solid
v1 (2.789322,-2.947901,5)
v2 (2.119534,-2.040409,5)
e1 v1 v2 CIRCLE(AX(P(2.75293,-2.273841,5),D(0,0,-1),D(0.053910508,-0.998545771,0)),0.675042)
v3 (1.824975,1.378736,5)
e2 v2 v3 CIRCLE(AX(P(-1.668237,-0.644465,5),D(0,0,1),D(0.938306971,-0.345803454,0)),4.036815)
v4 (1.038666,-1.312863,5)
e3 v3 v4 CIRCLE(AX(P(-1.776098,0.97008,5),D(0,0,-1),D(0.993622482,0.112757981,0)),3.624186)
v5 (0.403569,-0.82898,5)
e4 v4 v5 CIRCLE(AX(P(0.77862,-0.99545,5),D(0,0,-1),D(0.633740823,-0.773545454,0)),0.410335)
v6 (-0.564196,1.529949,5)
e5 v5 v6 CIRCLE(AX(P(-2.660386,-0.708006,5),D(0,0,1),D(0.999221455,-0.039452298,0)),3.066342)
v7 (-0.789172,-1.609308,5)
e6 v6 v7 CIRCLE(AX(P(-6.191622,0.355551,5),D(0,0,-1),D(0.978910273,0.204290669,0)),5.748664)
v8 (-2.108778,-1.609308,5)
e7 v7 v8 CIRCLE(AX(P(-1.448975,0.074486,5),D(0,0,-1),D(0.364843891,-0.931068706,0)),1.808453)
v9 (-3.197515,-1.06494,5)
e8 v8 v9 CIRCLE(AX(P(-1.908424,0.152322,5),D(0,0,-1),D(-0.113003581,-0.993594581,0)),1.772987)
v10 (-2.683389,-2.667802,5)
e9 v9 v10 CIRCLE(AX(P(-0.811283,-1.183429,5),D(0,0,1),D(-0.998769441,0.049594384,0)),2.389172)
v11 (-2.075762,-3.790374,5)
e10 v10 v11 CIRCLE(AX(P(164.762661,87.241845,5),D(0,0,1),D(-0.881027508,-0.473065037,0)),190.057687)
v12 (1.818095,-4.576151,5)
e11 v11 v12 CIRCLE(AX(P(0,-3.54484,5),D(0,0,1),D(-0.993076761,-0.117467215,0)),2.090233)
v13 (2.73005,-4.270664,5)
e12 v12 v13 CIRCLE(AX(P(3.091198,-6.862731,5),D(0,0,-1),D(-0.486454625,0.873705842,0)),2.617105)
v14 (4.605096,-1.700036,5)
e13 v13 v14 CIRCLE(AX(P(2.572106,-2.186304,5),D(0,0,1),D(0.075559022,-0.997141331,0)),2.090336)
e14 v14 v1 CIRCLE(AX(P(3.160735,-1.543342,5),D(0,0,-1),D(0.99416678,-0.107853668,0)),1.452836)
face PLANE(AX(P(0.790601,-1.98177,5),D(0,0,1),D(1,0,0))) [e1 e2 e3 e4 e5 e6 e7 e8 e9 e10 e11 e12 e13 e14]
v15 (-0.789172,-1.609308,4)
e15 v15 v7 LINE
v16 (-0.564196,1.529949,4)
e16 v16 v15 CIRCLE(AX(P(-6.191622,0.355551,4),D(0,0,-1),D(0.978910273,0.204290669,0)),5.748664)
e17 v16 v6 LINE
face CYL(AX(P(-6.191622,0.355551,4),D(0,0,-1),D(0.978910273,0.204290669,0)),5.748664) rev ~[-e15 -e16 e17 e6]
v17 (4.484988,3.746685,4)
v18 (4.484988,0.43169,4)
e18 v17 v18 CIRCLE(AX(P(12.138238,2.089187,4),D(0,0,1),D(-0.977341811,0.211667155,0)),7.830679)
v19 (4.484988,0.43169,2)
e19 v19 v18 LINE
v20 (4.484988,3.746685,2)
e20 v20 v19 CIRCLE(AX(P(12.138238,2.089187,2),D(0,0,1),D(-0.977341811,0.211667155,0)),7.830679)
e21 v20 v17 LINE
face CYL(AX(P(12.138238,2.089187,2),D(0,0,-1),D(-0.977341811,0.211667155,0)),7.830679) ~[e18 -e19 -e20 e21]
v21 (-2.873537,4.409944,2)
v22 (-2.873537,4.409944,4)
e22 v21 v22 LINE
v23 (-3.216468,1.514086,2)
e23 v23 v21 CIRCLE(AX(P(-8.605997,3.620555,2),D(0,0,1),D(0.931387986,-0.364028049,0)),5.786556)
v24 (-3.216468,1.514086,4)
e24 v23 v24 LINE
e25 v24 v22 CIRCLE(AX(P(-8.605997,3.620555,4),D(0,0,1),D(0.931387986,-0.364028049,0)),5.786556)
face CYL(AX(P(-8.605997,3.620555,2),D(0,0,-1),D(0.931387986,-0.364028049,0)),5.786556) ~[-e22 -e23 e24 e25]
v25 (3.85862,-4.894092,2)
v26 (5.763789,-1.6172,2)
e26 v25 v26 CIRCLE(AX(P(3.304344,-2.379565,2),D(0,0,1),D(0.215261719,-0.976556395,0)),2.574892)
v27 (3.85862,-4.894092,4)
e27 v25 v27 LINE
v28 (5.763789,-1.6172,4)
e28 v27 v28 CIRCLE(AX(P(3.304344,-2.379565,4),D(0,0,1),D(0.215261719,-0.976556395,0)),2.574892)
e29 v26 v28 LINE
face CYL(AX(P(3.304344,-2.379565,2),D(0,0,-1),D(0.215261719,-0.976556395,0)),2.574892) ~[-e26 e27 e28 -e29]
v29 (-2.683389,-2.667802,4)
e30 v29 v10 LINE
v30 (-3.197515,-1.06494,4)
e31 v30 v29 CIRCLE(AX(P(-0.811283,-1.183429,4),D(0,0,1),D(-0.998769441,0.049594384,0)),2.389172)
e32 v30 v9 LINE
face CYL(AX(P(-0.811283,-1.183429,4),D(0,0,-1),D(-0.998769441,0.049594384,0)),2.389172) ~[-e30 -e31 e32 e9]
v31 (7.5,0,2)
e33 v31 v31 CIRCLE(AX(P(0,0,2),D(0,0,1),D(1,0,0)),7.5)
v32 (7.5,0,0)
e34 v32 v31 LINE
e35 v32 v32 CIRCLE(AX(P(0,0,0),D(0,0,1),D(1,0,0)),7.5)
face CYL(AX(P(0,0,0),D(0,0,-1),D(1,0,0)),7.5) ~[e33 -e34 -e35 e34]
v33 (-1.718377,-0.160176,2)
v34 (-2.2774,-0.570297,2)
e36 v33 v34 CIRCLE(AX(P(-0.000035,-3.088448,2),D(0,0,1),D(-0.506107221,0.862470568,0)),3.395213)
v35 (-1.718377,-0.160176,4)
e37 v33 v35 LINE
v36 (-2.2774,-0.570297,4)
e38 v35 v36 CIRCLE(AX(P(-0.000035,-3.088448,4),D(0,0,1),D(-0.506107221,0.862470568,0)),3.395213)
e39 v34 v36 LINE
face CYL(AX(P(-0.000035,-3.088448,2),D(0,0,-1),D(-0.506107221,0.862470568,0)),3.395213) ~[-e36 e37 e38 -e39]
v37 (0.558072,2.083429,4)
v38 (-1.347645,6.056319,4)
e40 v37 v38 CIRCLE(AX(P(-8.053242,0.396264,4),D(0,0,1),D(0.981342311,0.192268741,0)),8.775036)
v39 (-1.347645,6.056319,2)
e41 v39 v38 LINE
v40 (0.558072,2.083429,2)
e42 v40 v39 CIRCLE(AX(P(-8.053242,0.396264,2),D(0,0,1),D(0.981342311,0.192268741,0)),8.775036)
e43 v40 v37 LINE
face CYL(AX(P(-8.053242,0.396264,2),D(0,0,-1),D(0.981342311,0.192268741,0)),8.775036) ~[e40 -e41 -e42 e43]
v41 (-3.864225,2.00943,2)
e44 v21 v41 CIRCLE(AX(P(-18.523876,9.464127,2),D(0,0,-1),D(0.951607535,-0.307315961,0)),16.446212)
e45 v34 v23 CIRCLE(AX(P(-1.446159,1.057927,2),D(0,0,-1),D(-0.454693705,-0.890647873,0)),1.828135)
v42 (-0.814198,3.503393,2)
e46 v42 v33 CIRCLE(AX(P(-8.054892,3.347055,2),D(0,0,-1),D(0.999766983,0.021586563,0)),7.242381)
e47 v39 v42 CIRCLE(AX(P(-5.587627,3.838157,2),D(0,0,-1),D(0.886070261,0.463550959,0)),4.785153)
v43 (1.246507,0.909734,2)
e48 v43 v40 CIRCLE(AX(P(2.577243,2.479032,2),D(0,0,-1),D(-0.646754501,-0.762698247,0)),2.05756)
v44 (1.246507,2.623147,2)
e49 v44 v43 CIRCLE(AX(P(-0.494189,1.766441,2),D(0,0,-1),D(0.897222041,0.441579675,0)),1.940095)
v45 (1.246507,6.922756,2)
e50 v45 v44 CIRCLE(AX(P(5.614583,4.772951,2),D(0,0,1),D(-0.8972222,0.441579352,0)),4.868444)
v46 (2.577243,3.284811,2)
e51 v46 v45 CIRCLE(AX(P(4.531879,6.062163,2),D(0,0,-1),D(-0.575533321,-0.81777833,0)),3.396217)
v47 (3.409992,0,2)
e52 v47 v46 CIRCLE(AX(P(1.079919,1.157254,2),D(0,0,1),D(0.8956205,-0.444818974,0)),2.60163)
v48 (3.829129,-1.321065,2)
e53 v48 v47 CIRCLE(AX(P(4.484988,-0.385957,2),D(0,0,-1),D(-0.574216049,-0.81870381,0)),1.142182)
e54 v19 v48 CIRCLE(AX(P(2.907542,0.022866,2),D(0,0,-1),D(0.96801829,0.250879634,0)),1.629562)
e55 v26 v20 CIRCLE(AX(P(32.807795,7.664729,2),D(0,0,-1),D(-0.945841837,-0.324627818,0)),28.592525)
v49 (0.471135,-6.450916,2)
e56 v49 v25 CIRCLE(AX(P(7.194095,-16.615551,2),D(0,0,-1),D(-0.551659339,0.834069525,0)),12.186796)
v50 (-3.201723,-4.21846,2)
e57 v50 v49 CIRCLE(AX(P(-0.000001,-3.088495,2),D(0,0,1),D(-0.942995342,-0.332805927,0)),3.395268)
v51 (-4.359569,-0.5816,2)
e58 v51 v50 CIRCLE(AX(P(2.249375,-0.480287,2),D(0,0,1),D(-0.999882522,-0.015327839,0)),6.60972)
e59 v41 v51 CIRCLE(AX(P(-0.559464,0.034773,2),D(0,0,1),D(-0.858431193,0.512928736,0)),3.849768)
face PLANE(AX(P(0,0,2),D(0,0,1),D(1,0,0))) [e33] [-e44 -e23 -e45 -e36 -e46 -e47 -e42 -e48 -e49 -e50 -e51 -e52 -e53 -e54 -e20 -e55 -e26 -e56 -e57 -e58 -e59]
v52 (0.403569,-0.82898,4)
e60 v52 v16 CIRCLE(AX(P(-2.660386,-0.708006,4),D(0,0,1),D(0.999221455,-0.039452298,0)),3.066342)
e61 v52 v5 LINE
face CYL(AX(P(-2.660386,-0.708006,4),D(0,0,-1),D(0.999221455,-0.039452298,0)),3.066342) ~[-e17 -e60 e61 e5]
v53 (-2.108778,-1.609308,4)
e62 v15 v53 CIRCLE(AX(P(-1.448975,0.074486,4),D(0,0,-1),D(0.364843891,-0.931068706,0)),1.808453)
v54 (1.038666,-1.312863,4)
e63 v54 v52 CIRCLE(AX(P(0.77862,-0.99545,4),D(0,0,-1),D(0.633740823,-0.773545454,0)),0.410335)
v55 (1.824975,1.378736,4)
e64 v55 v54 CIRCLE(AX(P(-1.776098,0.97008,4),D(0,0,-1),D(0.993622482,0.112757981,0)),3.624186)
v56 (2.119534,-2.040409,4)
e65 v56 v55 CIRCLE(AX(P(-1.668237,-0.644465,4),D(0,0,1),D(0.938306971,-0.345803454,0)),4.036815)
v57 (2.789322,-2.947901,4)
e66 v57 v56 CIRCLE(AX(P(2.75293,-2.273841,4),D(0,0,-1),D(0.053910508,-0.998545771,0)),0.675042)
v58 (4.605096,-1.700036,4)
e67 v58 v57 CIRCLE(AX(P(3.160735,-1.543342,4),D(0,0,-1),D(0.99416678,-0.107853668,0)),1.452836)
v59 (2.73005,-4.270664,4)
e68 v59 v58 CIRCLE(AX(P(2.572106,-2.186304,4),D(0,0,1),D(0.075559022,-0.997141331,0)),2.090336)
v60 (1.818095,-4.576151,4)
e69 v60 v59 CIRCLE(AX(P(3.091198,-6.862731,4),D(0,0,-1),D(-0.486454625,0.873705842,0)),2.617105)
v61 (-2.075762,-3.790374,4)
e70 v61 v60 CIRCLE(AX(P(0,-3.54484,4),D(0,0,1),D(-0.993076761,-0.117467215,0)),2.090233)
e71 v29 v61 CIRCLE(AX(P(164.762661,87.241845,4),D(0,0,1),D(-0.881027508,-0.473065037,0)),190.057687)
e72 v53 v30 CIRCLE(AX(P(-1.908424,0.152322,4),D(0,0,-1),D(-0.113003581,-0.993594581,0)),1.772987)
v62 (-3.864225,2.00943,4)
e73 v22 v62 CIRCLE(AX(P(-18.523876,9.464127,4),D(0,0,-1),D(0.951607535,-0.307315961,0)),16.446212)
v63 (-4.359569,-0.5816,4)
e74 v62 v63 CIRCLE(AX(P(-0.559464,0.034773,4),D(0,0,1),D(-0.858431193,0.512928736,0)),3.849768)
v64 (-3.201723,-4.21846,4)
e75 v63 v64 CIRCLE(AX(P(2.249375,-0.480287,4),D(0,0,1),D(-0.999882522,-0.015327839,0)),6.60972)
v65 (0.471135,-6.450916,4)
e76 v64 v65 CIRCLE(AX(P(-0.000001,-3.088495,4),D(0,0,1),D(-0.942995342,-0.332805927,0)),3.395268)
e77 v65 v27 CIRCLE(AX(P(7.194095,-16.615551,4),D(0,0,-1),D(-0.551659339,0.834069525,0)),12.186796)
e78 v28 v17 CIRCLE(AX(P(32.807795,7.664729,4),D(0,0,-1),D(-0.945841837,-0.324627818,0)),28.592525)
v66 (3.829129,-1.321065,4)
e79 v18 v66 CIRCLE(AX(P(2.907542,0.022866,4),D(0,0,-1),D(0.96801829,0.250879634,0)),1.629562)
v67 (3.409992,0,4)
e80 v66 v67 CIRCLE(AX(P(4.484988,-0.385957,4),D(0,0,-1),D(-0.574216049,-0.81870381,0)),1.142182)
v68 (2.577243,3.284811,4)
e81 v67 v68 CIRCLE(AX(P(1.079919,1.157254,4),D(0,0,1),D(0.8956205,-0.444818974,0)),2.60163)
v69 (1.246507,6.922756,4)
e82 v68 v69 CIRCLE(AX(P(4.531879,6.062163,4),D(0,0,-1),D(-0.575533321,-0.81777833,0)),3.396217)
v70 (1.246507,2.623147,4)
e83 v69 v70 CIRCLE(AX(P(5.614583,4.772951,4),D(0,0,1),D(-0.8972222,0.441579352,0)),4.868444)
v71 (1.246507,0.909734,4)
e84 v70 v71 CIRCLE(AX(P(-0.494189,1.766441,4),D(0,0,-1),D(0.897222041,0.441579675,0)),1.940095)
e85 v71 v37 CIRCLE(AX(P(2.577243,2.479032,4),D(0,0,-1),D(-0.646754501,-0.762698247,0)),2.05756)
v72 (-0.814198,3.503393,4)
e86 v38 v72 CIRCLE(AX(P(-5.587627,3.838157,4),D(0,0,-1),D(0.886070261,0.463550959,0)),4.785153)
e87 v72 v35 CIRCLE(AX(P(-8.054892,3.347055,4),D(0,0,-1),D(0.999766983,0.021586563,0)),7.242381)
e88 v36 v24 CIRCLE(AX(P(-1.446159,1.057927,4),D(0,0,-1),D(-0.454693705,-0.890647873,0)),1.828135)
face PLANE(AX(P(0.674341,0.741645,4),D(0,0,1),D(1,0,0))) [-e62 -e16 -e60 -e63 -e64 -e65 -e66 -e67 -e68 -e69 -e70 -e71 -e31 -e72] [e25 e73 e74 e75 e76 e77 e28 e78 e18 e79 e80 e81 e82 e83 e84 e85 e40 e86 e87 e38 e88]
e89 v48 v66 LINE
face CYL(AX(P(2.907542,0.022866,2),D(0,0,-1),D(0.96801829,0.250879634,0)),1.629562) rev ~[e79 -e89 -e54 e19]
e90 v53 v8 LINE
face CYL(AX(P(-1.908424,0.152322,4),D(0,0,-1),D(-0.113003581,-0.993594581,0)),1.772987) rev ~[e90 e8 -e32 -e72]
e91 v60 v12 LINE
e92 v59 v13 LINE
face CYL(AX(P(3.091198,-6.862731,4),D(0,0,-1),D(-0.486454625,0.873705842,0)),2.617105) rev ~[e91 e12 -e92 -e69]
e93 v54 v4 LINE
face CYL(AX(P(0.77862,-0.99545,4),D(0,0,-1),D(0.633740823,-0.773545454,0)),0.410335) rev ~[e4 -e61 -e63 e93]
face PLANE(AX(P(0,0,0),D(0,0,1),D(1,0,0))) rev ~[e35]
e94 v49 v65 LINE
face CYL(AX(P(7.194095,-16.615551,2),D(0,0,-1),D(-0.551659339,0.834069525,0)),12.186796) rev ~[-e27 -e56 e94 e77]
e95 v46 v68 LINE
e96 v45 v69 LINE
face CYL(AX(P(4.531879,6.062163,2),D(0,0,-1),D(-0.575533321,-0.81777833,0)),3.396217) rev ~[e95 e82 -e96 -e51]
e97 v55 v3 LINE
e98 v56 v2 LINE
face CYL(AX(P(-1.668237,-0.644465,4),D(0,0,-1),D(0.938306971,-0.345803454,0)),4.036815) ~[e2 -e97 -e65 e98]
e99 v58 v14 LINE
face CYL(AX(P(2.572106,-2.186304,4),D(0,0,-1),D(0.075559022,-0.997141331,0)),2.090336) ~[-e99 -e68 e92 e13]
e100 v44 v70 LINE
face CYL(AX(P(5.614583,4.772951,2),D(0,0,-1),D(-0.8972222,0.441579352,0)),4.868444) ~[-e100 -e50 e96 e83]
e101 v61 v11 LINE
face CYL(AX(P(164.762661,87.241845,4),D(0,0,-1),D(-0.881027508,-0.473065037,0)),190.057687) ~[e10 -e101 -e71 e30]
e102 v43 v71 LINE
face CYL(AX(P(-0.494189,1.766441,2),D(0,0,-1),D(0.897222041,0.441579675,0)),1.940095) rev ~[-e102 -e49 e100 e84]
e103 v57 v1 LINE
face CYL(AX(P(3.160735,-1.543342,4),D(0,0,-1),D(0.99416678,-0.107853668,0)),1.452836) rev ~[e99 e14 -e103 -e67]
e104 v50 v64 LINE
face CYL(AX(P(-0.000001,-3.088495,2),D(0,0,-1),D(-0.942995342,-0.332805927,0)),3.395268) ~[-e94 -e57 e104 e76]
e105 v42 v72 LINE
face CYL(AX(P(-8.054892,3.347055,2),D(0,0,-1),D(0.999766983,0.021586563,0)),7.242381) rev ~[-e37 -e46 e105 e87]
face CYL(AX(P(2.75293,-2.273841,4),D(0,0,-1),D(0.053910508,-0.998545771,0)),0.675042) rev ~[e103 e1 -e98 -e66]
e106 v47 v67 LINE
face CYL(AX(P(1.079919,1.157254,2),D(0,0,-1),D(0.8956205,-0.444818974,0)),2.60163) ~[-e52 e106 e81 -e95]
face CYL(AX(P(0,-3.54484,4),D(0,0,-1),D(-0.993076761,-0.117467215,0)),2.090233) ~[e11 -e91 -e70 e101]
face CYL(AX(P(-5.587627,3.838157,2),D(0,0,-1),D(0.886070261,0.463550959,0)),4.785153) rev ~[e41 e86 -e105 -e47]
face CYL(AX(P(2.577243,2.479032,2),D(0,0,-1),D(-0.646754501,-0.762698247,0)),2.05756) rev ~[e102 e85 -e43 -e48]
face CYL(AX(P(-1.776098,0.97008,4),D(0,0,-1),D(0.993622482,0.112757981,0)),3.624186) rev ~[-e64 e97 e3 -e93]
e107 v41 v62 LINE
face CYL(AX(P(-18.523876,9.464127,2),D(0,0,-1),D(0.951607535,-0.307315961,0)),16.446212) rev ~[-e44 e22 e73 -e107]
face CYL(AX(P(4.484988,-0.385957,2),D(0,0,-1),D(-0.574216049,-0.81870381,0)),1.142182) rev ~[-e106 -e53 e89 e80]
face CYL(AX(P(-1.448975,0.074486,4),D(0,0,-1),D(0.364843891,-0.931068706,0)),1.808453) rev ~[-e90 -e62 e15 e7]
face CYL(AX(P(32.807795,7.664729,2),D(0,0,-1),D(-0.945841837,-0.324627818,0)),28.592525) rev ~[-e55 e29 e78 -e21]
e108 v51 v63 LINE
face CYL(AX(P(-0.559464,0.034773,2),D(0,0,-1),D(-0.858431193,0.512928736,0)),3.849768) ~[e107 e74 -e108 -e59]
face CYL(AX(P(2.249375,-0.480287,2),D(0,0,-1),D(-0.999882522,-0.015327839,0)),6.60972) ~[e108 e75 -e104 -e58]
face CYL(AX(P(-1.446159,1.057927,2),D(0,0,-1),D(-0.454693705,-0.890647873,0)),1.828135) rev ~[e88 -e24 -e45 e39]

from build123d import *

# Parameters (mm, degrees)
F0_R     = 7.5
F1_DEPTH = 2
F3_DEPTH = 2
F5_DEPTH = 1


with BuildPart() as f1:
    # F0 (on Top) → F1 (new body)
    with BuildSketch(Plane.XY):
        Circle(F0_R)
    extrude(amount=F1_DEPTH)

    # F2 (on face) → F3 (join)
    with BuildSketch(Plane.XY.offset(2)):
        with BuildLine():
            ThreePointArc((-4.359569, -0.5816), (-4.048866, -2.485422), (-3.201723, -4.21846))
            ThreePointArc((-3.201723, -4.21846), (-1.763517, -5.989849), (0.471135, -6.450916))
            ThreePointArc((0.471135, -6.450916), (2.104993, -5.542203), (3.85862, -4.894092))
            ThreePointArc((3.85862, -4.894092), (5.530357, -3.673758), (5.763789, -1.6172))
            ThreePointArc((5.763789, -1.6172), (4.99478, 1.033842), (4.484988, 3.746685))
            ThreePointArc((4.484988, 3.746685), (4.307559, 2.089188), (4.484988, 0.43169))
            ThreePointArc((4.484988, 0.43169), (4.433756, -0.548224), (3.829129, -1.321065))
            ThreePointArc((3.829129, -1.321065), (3.396288, -0.731371), (3.409992, 0))
            ThreePointArc((3.409992, 0), (3.601771, 1.796582), (2.577243, 3.284811))
            ThreePointArc((2.577243, 3.284811), (1.342352, 4.895456), (1.246507, 6.922756))
            ThreePointArc((1.246507, 6.922756), (0.746139, 4.772952), (1.246507, 2.623147))
            ThreePointArc((1.246507, 2.623147), (1.445906, 1.76644), (1.246507, 0.909734))
            ThreePointArc((1.246507, 0.909734), (0.802459, 1.438025), (0.558072, 2.083429))
            ThreePointArc((0.558072, 2.083429), (-0.141358, 4.191438), (-1.347645, 6.056319))
            ThreePointArc((-1.347645, 6.056319), (-0.903638, 4.8169), (-0.814198, 3.503393))
            ThreePointArc((-0.814198, 3.503393), (-1.023492, 1.611686), (-1.718377, -0.160176))
            ThreePointArc((-1.718377, -0.160176), (-2.008384, -0.350929), (-2.2774, -0.570297))
            ThreePointArc((-2.2774, -0.570297), (-3.112946, 0.306997), (-3.216468, 1.514086))
            ThreePointArc((-3.216468, 1.514086), (-2.859593, 2.940059), (-2.873537, 4.409944))
            ThreePointArc((-2.873537, 4.409944), (-3.321426, 3.190102), (-3.864225, 2.00943))
            ThreePointArc((-3.864225, 2.00943), (-4.340752, 0.757667), (-4.359569, -0.5816))
        make_face()
    extrude(amount=F3_DEPTH)

    # F4 (on face) → F5 (join)
    with BuildSketch(Plane.XY.offset(4)):
        with BuildLine():
            ThreePointArc((-2.683389, -2.667802), (-2.380518, -3.229598), (-2.075762, -3.790374))
            ThreePointArc((-2.075762, -3.790374), (-0.413473, -5.59377), (1.818095, -4.576151))
            ThreePointArc((1.818095, -4.576151), (2.259919, -4.381156), (2.73005, -4.270664))
            ThreePointArc((2.73005, -4.270664), (4.260916, -3.418142), (4.605096, -1.700036))
            ThreePointArc((4.605096, -1.700036), (3.983593, -2.740688), (2.789322, -2.947901))
            ThreePointArc((2.789322, -2.947901), (2.209801, -2.674705), (2.119534, -2.040409))
            ThreePointArc((2.119534, -2.040409), (2.35368, -0.297977), (1.824975, 1.378736))
            ThreePointArc((1.824975, 1.378736), (1.702683, -0.046192), (1.038666, -1.312863))
            ThreePointArc((1.038666, -1.312863), (0.529939, -1.321844), (0.403569, -0.82898))
            ThreePointArc((0.403569, -0.82898), (0.176498, 0.455843), (-0.564196, 1.529949))
            ThreePointArc((-0.564196, 1.529949), (-0.457664, -0.055376), (-0.789172, -1.609308))
            ThreePointArc((-0.789172, -1.609308), (-1.448975, -1.733967), (-2.108778, -1.609308))
            ThreePointArc((-2.108778, -1.609308), (-2.701327, -1.433486), (-3.197515, -1.06494))
            ThreePointArc((-3.197515, -1.06494), (-3.086289, -1.913149), (-2.683389, -2.667802))
        make_face()
    extrude(amount=F5_DEPTH)


solid = f1.part
